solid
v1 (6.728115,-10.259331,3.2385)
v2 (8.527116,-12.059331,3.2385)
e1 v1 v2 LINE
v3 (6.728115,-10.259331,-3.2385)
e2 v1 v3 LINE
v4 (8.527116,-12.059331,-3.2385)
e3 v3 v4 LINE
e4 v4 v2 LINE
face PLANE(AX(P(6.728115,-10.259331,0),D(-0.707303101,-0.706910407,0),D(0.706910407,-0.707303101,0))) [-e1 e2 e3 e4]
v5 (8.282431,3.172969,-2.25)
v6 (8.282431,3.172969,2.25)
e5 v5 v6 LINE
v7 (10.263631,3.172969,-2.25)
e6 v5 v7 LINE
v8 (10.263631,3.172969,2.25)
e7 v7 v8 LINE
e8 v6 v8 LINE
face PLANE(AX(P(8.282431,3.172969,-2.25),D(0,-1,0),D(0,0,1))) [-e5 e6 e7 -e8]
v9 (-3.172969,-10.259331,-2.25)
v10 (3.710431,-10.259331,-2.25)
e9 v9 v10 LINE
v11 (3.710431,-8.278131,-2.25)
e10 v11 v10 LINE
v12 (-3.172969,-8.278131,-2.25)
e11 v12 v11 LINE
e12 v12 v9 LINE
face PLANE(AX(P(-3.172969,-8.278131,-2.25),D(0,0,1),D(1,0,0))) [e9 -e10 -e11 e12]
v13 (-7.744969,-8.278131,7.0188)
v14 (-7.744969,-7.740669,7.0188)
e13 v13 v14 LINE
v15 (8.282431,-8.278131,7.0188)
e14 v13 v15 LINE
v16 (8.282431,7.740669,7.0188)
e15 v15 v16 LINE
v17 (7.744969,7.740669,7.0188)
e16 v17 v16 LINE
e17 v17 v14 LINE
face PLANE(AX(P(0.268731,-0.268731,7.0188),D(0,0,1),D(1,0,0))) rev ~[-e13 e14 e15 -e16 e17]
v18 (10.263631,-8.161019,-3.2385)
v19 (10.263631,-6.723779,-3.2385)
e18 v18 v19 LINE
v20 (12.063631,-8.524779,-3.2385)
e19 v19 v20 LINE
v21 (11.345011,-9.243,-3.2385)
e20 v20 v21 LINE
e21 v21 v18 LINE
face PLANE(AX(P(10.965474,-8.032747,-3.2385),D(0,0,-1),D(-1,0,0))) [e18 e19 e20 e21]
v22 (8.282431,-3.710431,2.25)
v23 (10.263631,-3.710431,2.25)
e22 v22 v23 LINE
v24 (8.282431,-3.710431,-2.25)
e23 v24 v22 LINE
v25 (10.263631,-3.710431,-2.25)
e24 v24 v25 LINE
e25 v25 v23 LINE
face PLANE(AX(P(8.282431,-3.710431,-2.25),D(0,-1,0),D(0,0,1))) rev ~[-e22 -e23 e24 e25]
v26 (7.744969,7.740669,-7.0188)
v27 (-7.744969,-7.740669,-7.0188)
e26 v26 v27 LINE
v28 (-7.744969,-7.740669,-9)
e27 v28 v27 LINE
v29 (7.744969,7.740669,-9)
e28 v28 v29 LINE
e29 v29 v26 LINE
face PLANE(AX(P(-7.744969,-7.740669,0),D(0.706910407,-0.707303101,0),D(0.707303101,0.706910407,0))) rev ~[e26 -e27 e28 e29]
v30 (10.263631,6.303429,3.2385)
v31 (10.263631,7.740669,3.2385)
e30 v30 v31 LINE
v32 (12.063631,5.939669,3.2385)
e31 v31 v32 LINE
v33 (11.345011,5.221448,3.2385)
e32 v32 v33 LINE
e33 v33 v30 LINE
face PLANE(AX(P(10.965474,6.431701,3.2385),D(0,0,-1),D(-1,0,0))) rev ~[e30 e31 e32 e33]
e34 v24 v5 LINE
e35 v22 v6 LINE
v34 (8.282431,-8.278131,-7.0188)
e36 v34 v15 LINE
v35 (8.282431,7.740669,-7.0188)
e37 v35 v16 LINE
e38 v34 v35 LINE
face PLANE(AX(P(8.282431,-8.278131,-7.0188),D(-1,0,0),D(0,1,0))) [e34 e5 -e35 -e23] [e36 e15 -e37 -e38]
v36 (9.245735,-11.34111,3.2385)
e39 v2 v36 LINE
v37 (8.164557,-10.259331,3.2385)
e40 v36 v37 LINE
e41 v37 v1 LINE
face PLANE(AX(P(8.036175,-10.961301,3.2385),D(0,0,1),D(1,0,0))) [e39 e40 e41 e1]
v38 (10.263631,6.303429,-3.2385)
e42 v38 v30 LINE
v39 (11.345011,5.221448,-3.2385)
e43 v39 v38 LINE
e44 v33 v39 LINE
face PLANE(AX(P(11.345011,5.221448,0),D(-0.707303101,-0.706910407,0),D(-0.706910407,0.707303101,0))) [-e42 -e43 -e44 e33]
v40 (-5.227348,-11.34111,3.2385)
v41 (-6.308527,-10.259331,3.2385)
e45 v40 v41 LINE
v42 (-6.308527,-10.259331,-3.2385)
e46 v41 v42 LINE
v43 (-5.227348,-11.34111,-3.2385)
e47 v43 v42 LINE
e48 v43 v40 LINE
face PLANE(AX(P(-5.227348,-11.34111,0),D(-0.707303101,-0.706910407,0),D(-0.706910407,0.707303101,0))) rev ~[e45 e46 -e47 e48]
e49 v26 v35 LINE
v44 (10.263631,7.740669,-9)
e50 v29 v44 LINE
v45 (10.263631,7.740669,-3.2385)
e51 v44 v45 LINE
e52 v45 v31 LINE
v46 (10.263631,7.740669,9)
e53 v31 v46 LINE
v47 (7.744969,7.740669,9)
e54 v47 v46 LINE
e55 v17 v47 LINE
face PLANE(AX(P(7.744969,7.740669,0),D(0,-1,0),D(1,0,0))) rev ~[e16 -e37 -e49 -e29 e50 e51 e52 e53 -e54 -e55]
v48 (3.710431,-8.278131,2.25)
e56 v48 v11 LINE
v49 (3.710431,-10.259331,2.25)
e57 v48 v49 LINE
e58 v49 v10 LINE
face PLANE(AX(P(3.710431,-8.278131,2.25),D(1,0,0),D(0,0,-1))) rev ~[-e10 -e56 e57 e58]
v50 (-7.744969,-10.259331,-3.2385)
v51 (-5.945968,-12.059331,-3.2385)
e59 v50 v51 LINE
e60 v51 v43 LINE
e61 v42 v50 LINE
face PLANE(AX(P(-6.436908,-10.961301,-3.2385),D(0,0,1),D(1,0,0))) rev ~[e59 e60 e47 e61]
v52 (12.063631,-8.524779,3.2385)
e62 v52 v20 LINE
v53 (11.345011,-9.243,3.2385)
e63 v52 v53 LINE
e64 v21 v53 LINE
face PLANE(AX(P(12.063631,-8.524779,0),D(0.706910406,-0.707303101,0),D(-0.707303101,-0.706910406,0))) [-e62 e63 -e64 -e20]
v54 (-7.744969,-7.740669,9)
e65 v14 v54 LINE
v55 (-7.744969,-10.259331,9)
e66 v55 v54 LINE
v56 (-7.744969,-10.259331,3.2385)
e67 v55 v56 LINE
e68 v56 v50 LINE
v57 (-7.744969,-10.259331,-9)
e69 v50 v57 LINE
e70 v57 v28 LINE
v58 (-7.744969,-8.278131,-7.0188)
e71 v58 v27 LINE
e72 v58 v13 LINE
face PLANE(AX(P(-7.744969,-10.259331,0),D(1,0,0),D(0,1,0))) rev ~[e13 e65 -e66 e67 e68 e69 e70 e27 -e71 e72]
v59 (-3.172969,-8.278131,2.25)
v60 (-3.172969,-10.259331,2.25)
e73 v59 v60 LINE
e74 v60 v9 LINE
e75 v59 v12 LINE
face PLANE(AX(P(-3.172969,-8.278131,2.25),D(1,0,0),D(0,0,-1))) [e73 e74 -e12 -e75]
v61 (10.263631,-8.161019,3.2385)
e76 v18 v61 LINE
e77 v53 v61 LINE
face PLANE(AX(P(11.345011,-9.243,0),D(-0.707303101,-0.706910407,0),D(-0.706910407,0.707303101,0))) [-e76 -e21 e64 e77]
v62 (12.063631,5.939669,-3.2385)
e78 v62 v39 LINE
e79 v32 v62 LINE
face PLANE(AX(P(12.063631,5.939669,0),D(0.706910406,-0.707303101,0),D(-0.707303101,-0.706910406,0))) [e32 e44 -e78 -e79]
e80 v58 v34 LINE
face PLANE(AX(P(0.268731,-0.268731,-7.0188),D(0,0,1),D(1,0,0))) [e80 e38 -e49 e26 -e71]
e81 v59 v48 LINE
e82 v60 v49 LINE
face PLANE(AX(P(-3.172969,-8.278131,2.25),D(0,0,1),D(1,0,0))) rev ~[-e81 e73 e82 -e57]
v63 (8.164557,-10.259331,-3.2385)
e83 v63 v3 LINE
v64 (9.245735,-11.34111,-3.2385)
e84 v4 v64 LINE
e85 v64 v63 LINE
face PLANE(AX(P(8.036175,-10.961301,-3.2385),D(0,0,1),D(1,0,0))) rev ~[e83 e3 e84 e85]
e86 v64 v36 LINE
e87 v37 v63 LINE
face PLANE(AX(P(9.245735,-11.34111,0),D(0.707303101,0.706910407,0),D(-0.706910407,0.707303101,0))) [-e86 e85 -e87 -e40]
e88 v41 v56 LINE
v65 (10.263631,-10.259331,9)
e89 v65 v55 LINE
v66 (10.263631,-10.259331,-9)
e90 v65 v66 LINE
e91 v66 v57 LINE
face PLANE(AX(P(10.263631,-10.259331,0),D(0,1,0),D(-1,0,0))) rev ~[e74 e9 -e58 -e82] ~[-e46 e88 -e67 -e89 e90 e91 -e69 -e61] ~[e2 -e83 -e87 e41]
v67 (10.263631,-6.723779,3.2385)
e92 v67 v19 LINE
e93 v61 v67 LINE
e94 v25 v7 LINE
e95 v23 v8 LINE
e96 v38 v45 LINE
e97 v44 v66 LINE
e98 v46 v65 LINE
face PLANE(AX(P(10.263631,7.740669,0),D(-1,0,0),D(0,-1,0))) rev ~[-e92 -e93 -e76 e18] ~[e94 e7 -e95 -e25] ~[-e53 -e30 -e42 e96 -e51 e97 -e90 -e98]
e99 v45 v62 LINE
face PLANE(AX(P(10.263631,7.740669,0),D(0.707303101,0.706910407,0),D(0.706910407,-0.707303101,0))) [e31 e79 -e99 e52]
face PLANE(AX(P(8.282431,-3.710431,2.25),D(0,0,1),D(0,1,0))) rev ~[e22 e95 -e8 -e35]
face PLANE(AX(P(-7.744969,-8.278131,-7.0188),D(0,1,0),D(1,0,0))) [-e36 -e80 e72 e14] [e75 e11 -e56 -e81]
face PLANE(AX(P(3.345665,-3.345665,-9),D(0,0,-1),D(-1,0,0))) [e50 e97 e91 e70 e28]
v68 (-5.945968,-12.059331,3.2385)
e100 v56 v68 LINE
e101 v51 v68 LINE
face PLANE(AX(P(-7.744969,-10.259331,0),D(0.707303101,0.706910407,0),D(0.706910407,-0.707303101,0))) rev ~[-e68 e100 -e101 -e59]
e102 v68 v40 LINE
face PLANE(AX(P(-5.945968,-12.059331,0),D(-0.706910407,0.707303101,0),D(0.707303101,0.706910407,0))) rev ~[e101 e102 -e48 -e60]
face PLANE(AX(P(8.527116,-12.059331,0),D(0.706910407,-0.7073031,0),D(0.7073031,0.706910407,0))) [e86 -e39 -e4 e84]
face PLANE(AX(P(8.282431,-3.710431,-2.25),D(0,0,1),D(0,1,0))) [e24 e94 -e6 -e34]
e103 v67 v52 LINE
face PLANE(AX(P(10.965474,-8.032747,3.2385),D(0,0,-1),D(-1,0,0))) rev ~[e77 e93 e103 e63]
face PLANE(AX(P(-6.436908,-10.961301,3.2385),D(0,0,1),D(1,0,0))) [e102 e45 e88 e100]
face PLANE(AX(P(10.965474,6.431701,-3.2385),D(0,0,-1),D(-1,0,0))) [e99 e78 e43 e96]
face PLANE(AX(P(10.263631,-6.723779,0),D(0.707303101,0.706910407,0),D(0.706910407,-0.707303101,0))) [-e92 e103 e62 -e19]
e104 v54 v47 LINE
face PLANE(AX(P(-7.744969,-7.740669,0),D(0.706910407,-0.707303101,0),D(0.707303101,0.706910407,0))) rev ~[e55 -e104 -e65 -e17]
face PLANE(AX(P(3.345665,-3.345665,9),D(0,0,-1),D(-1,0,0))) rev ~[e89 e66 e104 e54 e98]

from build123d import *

# Parameters (mm, degrees)
EXTRUDE1_DEPTH          = 9
CUT_EXTRUDE1_DEPTH      = 7.0188
CUT_EXTRUDE1_DEPTH_BACK = 7.0188
SKETCH2_W               = 16.0274
SKETCH2_H               = 16.0188
SKETCH3_W               = 6.8834
SKETCH3_H               = 4.5
CUT_EXTRUDE2_DEPTH      = 22.046236615
SKETCH4_W               = 4.5
SKETCH4_H               = 6.8834
CUT_EXTRUDE3_DEPTH      = 22.050687025
EXTRUDE2_DEPTH          = 3.2385


with BuildPart() as part:
    # Sketch1 → Extrude1 (new, symmetric)
    with BuildSketch(Plane.XY):
        Polygon((10.263631045, 7.740668955), (10.263631045, -10.259331045), (-7.744968955, -10.259331045), (-7.744968955, -7.740668955), (7.744968955, 7.740668955), align=None)
    extrude(amount=EXTRUDE1_DEPTH, both=True)

    # Sketch2 → Cut-Extrude1 (cut, two sides: drawn at the far end of the back side and taken through both)
    with BuildSketch(Plane.XY.offset(-CUT_EXTRUDE1_DEPTH_BACK)):
        with Locations((0.268731045, -0.268731045)):
            Rectangle(SKETCH2_W, SKETCH2_H)
    extrude(amount=CUT_EXTRUDE1_DEPTH + CUT_EXTRUDE1_DEPTH_BACK, mode=Mode.SUBTRACT)

    # Sketch3 → Cut-Extrude2 (cut, through all)
    with BuildSketch(Plane(origin=(0, -8.278131045, 0), x_dir=(1, 0, 0), z_dir=(0, 1, 0))):
        with Locations((0.268731045, 0)):
            Rectangle(SKETCH3_W, SKETCH3_H)
    extrude(amount=-CUT_EXTRUDE2_DEPTH, mode=Mode.SUBTRACT)

    # Sketch4 → Cut-Extrude3 (cut, through all)
    with BuildSketch(Plane.ZY.offset(-8.282431045)):
        with Locations((0, -0.268731045)):
            Rectangle(SKETCH4_W, SKETCH4_H)
    extrude(amount=-CUT_EXTRUDE3_DEPTH, mode=Mode.SUBTRACT)

    # Sketch5 → Extrude2 (add, symmetric)
    with BuildSketch(Plane.XY):
        Polygon((10.263631045, 7.740668955), (12.063631045, 5.939669042), (11.345011094, 5.221448069), (10.263631045, 6.303428833), align=None)
        Polygon((10.263631045, -8.161019219), (10.263631045, -6.723779096), (12.063631045, -8.52477901), (11.345011094, -9.242999983), align=None)
        Polygon((-7.744968955, -10.259331045), (-5.945968314, -12.059331045), (-5.227348363, -11.341110071), (-6.308526787, -10.259331045), align=None)
        Polygon((6.728114898, -10.259331045), (8.52711554, -12.059331045), (9.24573549, -11.341110071), (8.164557066, -10.259331045), align=None)
    extrude(amount=EXTRUDE2_DEPTH, both=True)


solid = part.part
